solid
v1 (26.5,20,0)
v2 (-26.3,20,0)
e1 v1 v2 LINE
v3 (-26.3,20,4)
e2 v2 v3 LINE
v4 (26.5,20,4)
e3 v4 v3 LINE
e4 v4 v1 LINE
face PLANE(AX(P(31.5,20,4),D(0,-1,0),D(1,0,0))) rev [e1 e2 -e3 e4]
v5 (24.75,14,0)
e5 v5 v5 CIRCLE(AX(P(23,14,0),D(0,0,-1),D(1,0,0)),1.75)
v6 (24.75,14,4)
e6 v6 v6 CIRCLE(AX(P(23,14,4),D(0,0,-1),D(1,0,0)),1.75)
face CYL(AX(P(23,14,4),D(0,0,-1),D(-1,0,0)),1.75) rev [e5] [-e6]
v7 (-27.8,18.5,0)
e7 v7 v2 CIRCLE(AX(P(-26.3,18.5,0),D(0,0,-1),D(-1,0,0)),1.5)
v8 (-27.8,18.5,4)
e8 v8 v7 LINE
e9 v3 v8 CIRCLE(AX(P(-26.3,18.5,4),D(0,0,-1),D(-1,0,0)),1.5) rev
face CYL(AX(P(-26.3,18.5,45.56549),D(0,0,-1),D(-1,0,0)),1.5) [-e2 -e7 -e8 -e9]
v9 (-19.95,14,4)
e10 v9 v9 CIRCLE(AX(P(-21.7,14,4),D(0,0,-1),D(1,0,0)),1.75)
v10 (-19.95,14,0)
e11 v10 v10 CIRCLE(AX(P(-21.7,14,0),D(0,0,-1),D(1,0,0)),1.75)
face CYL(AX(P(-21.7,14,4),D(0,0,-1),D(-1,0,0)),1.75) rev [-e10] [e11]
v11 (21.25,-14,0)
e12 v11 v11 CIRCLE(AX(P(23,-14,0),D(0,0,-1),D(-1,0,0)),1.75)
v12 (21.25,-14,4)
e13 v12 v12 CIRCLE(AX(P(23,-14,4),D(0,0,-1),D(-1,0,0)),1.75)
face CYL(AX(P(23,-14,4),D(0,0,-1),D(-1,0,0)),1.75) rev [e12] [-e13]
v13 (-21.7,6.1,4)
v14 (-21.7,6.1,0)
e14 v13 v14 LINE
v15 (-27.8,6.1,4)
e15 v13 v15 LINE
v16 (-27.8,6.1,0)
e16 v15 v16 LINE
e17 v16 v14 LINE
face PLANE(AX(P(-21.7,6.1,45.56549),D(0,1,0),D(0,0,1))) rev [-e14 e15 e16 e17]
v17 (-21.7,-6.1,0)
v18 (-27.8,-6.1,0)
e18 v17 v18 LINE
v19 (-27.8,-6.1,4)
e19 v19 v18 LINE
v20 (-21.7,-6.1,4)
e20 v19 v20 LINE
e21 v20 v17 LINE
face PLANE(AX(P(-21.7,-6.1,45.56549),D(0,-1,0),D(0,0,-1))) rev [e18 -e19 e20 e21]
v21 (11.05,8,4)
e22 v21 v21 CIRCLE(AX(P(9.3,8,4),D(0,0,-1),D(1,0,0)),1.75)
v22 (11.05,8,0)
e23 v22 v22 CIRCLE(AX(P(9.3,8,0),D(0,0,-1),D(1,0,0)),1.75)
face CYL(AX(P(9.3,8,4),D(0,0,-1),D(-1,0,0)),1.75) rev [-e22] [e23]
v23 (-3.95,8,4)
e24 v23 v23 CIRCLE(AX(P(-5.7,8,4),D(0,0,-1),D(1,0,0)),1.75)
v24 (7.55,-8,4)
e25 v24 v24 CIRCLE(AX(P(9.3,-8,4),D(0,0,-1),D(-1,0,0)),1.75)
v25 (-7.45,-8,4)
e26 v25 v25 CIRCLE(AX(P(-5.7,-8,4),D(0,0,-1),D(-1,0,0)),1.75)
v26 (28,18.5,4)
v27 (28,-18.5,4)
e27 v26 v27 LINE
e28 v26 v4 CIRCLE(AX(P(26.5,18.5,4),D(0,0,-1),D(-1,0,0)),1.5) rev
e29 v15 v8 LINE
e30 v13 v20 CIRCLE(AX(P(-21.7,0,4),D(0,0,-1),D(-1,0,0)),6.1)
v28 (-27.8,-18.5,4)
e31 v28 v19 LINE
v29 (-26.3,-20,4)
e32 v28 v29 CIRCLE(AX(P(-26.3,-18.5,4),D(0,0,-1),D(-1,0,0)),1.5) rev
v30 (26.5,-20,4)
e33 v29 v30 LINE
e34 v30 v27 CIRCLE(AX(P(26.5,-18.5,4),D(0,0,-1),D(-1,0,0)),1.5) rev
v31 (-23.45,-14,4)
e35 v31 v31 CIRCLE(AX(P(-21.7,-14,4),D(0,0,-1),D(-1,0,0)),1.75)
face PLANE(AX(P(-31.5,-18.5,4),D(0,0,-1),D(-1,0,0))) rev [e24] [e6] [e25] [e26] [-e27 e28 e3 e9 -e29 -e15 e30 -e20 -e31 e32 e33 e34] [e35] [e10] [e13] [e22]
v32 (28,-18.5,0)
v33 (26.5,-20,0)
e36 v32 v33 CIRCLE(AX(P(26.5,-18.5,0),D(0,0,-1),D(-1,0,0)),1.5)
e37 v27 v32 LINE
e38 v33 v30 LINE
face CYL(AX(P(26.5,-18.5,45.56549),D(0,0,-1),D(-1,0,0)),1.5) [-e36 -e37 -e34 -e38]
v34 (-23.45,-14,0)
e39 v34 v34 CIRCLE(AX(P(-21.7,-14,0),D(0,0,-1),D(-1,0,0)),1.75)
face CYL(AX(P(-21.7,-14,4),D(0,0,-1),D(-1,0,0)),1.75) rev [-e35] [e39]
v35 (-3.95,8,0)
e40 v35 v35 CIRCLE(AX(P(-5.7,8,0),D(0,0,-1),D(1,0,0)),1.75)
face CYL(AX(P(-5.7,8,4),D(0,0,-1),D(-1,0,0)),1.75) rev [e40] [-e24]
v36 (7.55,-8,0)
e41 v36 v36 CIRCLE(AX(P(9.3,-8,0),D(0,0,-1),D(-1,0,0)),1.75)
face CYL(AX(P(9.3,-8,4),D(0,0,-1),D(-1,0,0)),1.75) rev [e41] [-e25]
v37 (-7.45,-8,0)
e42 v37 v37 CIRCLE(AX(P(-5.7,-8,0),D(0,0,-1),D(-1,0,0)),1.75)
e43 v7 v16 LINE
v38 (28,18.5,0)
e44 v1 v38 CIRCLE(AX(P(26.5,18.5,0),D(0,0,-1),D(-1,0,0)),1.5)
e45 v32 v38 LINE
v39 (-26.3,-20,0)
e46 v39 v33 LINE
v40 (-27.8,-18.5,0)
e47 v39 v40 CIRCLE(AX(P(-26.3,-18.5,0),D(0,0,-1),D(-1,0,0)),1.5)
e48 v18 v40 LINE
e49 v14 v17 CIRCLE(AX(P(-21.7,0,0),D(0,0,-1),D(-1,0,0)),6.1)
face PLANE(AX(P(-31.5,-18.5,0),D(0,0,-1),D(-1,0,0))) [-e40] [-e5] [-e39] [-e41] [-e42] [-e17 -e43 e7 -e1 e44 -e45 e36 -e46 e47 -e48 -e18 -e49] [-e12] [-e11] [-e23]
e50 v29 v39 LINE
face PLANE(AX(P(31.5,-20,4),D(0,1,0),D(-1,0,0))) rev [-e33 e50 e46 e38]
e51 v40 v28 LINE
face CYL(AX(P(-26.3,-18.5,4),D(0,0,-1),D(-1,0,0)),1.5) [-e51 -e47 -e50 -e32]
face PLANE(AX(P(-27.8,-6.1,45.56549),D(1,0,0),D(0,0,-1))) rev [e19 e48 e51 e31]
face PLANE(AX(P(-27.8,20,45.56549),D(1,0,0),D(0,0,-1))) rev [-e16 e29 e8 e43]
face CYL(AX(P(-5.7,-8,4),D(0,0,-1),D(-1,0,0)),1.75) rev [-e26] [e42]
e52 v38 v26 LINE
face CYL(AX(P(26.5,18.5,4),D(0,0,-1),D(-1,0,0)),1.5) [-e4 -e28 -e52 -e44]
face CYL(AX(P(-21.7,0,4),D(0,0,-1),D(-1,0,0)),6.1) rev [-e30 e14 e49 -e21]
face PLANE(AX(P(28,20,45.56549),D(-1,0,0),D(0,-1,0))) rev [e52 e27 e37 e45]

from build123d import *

# Parameters (mm, degrees)
EXTRUDE_2_DEPTH     = 4
SKETCH_4_R          = 6.1
SKETCH_4_R_2        = 1.75
CUT_EXTRUDE_1_DEPTH = 39.794329483
SKETCH_5_W          = 5
SKETCH_5_H          = 40
CUT_EXTRUDE_2_DEPTH = 4
FILLET_1_R          = 1.5


with BuildPart() as part:
    # Эскиз1 → Бобышка-Вытянуть2 (new body)
    with BuildSketch(Plane.XY):
        with BuildLine():
            Line((31.5, -20), (-31.5, -20))
            ThreePointArc((-31.5, -20), (-32.560660172, -19.560660172), (-33, -18.5))
            Line((-33, -18.5), (-33, 18.5))
            ThreePointArc((-33, 18.5), (-32.560660172, 19.560660172), (-31.5, 20))
            Line((-31.5, 20), (31.5, 20))
            ThreePointArc((31.5, 20), (32.560660172, 19.560660172), (33, 18.5))
            Line((33, 18.5), (33, -18.5))
            ThreePointArc((33, -18.5), (32.560660172, -19.560660172), (31.5, -20))
        make_face()
    extrude(amount=EXTRUDE_2_DEPTH)

    # Эскиз4 → Вырез-Вытянуть1 (cut, through all)
    with BuildSketch(Plane(origin=(0, 0, 0), x_dir=(-1, 0, 0), z_dir=(0, 0, -1))):
        with Locations((21.7, 0)):
            Circle(SKETCH_4_R)
        with Locations((21.7, -14)):
            Circle(SKETCH_4_R_2)
        with Locations((5.7, -8)):
            Circle(SKETCH_4_R_2)
        with Locations((-9.3, -8)):
            Circle(SKETCH_4_R_2)
        with Locations((-23, -14)):
            Circle(SKETCH_4_R_2)
        with Locations(Location((21.7, 14, 0), (0, 0, 180))):
            Circle(SKETCH_4_R_2)
        with Locations(Location((5.7, 8, 0), (0, 0, 180))):
            Circle(SKETCH_4_R_2)
        with Locations(Location((-9.3, 8, 0), (0, 0, 180))):
            Circle(SKETCH_4_R_2)
        with Locations(Location((-23, 14, 0), (0, 0, 180))):
            Circle(SKETCH_4_R_2)
    extrude(amount=-CUT_EXTRUDE_1_DEPTH, mode=Mode.SUBTRACT)

    # Эскиз5 → Вырез-Вытянуть2 (cut)
    with BuildSketch(Plane(origin=(0, 0, 0), x_dir=(-1, 0, 0), z_dir=(0, 0, -1))):
        Polygon((27.8, 20), (33, 20), (33, -20), (27.8, -20), (27.8, -6.1), (21.7, -6.1), (21.7, 6.1), (27.8, 6.1), align=None)
        with Locations((-30.5, 0)):
            Rectangle(SKETCH_5_W, SKETCH_5_H)
    extrude(amount=-CUT_EXTRUDE_2_DEPTH, mode=Mode.SUBTRACT)

    # Скругление1
    fillet_1_edges = [part.edges().sort_by_distance(p)[0] for p in [
        (28, 20, 2),
        (28, -20, 2),
        (-27.8, 20, 2),
        (-27.8, -20, 2),
    ]]
    fillet(fillet_1_edges, radius=FILLET_1_R)


solid = part.part
